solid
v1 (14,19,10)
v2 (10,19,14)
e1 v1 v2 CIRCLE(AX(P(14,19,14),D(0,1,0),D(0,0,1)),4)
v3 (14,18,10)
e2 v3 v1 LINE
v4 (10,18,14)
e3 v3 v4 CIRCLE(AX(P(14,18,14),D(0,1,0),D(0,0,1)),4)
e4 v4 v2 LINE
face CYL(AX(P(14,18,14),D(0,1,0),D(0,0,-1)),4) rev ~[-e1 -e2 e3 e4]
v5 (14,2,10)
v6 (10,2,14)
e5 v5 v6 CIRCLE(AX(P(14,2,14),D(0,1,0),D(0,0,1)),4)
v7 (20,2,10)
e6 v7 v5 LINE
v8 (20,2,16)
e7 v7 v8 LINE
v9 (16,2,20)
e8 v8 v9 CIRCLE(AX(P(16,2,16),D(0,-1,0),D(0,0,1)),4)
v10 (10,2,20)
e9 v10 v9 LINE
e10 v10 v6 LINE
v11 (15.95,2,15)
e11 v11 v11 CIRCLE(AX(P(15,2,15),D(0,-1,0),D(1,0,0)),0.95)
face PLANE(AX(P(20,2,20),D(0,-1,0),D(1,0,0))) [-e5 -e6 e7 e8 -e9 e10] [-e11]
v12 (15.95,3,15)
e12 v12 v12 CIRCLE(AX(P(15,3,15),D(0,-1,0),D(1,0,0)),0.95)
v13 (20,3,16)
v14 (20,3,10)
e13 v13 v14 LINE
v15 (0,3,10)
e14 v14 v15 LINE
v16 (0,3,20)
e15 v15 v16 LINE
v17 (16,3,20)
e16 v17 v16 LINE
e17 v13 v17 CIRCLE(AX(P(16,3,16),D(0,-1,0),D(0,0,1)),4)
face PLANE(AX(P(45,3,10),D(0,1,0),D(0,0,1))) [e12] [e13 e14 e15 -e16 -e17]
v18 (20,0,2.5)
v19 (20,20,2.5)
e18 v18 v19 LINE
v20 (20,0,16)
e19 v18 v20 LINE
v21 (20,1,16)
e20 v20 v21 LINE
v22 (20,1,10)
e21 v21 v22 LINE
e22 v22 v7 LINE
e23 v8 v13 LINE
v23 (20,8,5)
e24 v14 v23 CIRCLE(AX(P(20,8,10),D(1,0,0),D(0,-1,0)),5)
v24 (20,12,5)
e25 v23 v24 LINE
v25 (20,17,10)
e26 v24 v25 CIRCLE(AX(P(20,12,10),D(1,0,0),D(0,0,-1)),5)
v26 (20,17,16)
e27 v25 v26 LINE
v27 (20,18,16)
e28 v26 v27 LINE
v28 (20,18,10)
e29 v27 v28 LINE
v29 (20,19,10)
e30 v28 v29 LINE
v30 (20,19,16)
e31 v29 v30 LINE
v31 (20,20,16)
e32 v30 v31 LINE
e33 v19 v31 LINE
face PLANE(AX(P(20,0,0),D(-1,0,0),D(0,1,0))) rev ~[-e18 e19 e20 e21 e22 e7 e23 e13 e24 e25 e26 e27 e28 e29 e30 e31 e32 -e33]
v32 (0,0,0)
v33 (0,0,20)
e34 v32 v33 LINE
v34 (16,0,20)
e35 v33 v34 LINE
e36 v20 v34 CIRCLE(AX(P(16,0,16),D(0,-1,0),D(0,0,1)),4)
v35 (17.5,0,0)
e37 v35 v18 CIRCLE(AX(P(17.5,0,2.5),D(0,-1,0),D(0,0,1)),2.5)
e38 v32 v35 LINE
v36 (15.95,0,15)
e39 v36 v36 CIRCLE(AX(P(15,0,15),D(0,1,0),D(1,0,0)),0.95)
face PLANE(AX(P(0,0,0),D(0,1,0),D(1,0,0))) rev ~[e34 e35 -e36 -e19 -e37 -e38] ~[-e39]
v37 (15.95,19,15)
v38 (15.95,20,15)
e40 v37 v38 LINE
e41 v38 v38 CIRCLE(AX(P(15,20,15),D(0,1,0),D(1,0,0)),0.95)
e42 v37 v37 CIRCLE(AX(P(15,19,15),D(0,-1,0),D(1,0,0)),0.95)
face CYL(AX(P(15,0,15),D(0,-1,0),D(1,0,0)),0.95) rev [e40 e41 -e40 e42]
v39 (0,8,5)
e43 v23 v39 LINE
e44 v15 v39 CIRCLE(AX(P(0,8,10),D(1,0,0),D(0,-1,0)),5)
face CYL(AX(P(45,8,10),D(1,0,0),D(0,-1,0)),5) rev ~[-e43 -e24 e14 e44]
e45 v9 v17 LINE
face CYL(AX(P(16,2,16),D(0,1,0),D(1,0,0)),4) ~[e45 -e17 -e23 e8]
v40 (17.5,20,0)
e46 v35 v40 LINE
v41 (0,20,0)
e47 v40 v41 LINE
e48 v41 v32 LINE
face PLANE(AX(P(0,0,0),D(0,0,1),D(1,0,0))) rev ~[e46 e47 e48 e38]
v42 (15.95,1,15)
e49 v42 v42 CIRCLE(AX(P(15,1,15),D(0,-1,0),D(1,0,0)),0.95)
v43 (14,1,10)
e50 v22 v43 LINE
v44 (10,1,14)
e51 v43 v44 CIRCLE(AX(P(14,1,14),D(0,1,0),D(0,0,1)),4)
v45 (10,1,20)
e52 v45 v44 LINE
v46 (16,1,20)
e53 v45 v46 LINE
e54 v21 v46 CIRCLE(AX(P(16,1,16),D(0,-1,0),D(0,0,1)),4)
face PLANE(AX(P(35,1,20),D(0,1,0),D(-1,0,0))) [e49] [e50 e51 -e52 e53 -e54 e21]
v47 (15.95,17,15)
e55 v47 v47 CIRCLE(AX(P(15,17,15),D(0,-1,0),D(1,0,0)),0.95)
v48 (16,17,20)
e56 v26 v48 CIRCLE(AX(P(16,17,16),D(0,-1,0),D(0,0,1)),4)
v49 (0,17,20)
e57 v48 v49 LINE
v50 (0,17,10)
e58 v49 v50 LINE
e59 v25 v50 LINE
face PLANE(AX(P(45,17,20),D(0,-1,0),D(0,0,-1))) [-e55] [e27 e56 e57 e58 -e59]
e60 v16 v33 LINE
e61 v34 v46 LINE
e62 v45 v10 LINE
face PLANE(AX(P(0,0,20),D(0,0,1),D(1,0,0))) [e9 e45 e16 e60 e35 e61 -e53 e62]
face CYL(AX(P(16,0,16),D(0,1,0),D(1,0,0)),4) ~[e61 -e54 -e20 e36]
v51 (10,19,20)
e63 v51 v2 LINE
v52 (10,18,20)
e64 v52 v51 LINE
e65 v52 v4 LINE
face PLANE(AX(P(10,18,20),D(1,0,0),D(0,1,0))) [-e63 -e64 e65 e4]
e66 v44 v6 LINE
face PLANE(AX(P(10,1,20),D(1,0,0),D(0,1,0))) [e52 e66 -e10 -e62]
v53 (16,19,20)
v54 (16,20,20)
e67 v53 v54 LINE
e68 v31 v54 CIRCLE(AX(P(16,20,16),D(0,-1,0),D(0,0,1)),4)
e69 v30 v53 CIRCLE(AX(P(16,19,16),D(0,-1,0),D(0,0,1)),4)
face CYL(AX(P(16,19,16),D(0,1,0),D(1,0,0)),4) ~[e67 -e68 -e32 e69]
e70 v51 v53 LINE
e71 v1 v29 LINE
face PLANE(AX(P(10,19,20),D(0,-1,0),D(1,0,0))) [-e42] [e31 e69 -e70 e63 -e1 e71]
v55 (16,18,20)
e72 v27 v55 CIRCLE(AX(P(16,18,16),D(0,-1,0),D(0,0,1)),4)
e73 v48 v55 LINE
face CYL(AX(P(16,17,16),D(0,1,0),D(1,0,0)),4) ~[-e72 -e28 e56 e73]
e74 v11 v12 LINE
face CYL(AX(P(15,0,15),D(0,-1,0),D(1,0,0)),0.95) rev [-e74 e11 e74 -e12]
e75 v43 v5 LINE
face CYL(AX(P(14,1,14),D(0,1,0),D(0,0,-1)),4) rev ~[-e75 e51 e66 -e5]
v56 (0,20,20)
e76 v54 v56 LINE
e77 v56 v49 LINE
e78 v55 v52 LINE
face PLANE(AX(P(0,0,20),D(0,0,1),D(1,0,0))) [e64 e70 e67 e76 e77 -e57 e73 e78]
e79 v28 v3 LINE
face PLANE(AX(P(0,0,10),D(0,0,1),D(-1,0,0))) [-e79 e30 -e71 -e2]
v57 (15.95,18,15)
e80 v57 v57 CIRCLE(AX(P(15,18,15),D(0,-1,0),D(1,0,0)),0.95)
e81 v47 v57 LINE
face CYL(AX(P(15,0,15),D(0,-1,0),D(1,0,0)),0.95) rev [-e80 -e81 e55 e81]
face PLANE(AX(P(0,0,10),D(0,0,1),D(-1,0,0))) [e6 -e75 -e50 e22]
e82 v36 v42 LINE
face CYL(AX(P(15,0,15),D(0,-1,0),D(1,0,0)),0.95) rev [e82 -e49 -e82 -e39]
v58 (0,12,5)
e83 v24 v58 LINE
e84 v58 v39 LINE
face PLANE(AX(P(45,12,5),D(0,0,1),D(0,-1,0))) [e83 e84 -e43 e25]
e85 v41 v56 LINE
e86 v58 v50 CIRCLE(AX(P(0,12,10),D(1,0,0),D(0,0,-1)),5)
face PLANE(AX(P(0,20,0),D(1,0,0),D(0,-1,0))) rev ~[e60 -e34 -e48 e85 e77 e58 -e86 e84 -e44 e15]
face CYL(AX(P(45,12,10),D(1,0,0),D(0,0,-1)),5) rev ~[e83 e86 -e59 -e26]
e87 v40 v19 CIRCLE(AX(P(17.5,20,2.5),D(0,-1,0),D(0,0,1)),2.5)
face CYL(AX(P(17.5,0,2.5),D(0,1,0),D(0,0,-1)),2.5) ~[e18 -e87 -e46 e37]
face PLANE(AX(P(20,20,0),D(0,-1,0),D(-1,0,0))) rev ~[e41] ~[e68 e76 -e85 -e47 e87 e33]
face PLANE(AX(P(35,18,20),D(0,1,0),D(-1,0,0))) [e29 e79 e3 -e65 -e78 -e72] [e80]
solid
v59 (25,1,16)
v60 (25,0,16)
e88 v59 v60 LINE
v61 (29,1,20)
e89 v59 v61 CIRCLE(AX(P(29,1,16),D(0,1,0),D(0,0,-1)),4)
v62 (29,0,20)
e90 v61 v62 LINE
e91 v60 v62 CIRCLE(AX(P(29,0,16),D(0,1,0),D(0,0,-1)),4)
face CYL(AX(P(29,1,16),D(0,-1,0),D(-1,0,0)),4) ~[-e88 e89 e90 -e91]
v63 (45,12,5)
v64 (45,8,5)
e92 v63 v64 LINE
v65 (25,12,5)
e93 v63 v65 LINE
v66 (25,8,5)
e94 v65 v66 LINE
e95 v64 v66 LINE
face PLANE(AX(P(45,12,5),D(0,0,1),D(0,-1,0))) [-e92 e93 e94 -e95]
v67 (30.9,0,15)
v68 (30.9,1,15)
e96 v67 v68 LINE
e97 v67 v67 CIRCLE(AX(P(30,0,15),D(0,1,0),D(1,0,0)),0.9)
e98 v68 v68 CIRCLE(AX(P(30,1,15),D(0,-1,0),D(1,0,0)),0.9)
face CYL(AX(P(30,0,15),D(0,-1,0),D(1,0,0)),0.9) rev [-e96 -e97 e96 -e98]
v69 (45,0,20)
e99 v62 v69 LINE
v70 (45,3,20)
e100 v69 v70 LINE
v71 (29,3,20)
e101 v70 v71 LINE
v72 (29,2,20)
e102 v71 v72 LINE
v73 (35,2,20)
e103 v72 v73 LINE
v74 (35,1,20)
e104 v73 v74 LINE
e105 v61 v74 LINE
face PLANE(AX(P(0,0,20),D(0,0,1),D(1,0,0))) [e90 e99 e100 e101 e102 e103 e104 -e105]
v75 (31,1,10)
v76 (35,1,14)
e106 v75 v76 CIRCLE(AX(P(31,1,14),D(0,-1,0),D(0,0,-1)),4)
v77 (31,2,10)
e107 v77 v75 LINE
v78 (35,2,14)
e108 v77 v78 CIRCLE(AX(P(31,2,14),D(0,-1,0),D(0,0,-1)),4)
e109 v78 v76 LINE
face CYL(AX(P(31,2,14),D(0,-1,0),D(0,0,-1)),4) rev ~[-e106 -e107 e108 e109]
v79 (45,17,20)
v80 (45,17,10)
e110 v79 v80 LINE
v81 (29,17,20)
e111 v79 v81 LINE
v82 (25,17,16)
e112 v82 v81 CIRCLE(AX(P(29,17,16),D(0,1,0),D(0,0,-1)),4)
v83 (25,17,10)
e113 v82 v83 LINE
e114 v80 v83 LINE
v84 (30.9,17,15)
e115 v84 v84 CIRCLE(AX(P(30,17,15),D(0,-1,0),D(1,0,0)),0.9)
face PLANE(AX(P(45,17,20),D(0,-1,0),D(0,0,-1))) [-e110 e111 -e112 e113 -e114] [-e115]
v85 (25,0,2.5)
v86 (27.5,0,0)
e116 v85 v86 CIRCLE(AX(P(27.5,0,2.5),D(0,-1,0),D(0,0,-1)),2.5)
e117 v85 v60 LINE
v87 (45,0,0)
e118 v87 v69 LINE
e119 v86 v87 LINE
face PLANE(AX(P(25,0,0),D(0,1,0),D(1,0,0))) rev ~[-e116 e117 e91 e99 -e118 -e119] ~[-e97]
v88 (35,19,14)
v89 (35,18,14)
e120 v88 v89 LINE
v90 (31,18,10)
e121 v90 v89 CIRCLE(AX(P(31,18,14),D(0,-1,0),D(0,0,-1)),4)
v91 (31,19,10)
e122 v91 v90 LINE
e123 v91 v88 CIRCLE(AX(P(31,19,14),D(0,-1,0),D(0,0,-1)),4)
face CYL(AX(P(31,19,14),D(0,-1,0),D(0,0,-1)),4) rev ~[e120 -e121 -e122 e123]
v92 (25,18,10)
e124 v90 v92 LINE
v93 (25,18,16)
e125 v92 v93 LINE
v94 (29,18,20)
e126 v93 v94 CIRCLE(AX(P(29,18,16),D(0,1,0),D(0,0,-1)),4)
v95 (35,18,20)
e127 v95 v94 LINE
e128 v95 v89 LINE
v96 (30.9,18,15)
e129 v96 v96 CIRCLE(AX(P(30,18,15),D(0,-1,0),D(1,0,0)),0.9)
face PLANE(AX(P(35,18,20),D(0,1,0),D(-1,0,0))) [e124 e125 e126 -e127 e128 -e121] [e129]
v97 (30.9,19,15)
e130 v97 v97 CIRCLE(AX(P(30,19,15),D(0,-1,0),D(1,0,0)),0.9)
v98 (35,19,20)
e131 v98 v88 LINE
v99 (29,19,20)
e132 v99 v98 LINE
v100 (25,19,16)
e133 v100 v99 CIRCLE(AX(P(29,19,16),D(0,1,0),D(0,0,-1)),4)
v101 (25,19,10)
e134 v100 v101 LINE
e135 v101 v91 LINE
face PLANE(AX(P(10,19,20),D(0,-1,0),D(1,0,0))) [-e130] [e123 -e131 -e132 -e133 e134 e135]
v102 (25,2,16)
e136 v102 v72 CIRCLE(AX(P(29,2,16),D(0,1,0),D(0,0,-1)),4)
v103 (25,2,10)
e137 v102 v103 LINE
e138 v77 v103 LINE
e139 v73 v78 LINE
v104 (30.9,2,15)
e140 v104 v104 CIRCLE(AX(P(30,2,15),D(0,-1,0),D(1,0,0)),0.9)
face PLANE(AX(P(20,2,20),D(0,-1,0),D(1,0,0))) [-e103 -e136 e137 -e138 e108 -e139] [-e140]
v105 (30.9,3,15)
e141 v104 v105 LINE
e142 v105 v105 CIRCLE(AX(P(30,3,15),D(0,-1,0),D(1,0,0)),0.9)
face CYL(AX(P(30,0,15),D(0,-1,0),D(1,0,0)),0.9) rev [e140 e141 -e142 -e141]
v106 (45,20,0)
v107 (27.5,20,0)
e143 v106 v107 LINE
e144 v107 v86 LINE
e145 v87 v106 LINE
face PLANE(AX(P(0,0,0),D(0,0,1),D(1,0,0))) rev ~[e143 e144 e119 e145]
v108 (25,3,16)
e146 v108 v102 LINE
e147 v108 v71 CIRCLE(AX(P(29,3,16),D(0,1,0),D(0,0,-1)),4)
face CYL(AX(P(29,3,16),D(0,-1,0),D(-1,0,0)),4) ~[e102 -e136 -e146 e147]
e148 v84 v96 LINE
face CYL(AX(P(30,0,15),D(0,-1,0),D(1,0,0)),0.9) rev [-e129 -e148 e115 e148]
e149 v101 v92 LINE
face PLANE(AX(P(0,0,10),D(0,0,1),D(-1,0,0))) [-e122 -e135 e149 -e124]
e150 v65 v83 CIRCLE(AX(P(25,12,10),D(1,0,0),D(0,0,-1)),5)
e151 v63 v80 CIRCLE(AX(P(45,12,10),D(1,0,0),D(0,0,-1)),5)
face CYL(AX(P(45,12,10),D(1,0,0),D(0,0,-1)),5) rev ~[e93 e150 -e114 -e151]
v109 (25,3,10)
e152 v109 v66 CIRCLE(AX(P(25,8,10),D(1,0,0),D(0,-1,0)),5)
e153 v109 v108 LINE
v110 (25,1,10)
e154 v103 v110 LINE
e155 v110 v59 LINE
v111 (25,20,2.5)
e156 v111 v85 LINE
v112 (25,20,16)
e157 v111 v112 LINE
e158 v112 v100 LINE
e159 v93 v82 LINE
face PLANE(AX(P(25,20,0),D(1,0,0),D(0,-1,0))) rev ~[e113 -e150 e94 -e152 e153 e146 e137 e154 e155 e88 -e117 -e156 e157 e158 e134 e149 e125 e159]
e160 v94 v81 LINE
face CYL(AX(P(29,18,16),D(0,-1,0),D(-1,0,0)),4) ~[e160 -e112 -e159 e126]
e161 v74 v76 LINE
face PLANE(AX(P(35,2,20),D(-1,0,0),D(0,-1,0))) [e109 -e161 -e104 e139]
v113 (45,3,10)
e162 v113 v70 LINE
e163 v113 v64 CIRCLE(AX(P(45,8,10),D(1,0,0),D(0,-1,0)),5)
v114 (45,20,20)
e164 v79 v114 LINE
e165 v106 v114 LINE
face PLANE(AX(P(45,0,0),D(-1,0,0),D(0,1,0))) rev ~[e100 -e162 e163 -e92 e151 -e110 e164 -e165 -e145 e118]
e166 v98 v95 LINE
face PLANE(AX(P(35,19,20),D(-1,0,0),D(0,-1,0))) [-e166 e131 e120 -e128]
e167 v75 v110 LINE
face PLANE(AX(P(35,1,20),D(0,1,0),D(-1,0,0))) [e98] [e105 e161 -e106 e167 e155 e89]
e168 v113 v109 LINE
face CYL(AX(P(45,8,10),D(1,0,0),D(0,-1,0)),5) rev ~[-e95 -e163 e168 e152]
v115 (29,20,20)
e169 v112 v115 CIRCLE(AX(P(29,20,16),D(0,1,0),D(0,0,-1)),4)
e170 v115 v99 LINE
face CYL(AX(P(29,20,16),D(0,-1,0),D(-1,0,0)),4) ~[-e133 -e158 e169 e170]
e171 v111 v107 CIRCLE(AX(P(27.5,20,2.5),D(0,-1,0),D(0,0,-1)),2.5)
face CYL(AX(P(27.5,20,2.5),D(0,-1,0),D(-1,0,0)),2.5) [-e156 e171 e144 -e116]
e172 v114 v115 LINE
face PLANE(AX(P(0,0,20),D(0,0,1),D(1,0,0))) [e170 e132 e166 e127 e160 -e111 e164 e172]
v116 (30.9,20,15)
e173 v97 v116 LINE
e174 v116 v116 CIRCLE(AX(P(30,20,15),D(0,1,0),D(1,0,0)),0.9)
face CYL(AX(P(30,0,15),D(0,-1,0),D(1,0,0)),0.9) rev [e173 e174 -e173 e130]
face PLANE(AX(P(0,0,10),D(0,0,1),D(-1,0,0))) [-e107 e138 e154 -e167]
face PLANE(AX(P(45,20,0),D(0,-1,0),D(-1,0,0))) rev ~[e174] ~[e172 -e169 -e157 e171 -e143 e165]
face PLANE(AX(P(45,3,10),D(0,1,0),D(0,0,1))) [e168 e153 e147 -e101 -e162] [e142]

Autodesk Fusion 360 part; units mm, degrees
sketch "Sketch1" plane through (0, 0, 0) normal (0, 0, 1) x (1, 0, 0)
  line L0 (0, 0) -> (20, 0)
  line L1 (20, 0) -> (20, 20)
  line L2 (20, 20) -> (0, 20)
  line L3 (0, 20) -> (0, 0)
  line L4 (25, 0) -> (45, 0)
  line L5 (45, 0) -> (45, 20)
  line L6 (45, 20) -> (25, 20)
  line L7 (25, 20) -> (25, 0)
  dimension "d40" = 5
extrude "Extrude1" add sketch "Sketch1" along normal blind 20 makes body 1 at (0, 13.3333, 6.6667) makes body 2 at (25, 13.3333, 6.6667)
sketch "Sketch2" plane through (45, 0, 0) normal (1, 0, 0) x (0, 1, 0)
  line L0 (0, 0) -> (20, 0)
  line L1 (20, 0) -> (20, 20)
  line L2 (20, 20) -> (0, 20)
  line L3 (0, 20) -> (0, 0)
  line L4 (0, 20) -> (20, 20)
  line L5 (20, 20) -> (20, 0)
  line L6 (20, 0) -> (0, 0)
  line L7 (0, 0) -> (0, 20)
  line L8 (3, 20) -> (17, 20)
  line L9 (17, 20) -> (17, 10)
  line L10 (12, 5) -> (8, 5)
  line L11 (3, 10) -> (3, 20)
  arc A0 (3, 10) -> (8, 5) centre (8, 10) ccw
  arc A1 (12, 5) -> (17, 10) centre (12, 10) ccw
  dimension "d3" = 3
  dimension "d4" = 3
  dimension "d5" = 5
  dimension "d6" = 5
extrude "Extrude2" cut sketch "Sketch2" against normal blind 50 contours L2 L4 L8 L9 L10 L11 A0 A1 bodies 1 2
fillet "Fillet1" radius 2.5 2 edges at (20, 10, 0) (25, 10, 0) on bodies 1 2
sketch "Sketch3" plane through (0, 0, 0) normal (0, 1, 0) x (1, 0, 0)
  line L0 (0, -20) -> (50, -20)
  line L1 (50, -20) -> (50, 0)
  line L2 (50, 0) -> (0, 0)
  line L3 (0, 0) -> (0, -20)
  circle A0 centre (15, -15) radius 0.95
  circle A1 centre (30, -15) radius 0.9
  dimension "d11" = 1.9
  dimension "d12" = 1.8
  dimension "d41" = 15
extrude "Extrude3" cut sketch "Sketch3" along normal up to surface (20 mm away) contours A0 | A1 bodies 1 2
sketch "Sketch4" plane through (0, 0, 20) normal (0, 0, 1) x (-1, 0, 0)
  line L0 (-20, -3) -> (0, -3)
  line L1 (0, -3) -> (0, 0)
  line L2 (0, 0) -> (-20, 0)
  line L3 (-20, 0) -> (-20, -3)
  line L4 (-35, -1) -> (-10, -1)
  line L5 (-10, -1) -> (-10, -2)
  line L6 (-10, -2) -> (-35, -2)
  line L7 (-35, -2) -> (-35, -1)
  line L8 (-35, -18) -> (-10, -18)
  line L9 (-10, -18) -> (-10, -19)
  line L10 (-10, -19) -> (-35, -19)
  line L11 (-35, -19) -> (-35, -18)
  point P0 (-25, 0)
  dimension "d15" = 10
  dimension "d16" = 10
extrude "Extrude4" cut sketch "Sketch4" against normal blind 10 contours L3 L4 L6 L7 | L3 L4 L5 L6 | L8 L9 L10 L11 bodies 1 2
fillet "Fillet2" radius 4 8 edges at (20, 19.5, 20) (20, 17.5, 20) (20, 2.5, 20) (20, 0.5, 20) (25, 19.5, 20) (25, 17.5, 20) (25, 2.5, 20) (25, 0.5, 20) on bodies 1 2
fillet "Fillet3" radius 4 4 edges at (10, 1.5, 10) (10, 18.5, 10) (35, 18.5, 10) (35, 1.5, 10) on bodies 1 2
sketch "Sketch6" plane through (0, 0, 0) normal (0, -1, 0) x (1, 0, 0)
  arc A0 (20, 16) -> (16, 20) centre (16, 16) ccw
  line L0 (16, 20) -> (0, 20)
  line L1 (0, 20) -> (0, 0)
  line L2 (0, 0) -> (17.5, 0)
  arc A1 (17.5, 0) -> (20, 2.5) centre (17.5, 2.5) ccw
  line L3 (20, 2.5) -> (20, 16)
  circle A2 centre (15, 15) radius 0.95
  circle A3 centre (15, 15) radius 4
  circle A4 centre (15, 15) radius 1.15
  line L4 (22.5, 20) -> (22.5, 0) construction
  circle A5 centre (30, 15) radius 4
  circle A6 centre (30, 15) radius 1.15
  line L5 (15, 19) -> (30, 19)
  line L6 (15, 11) -> (30, 11)
  dimension "d23" = 8
  dimension "d24" = 0.2
  dimension "d42" = 15
extrude "Extrude5" [suppressed]
extrude "Extrude6" [suppressed]
fillet "Fillet6" [suppressed]
fillet "Fillet4" [suppressed]
fillet "Fillet5" [suppressed]
chamfer "Chamfer1" [suppressed]
chamfer "Chamfer2" [suppressed]
